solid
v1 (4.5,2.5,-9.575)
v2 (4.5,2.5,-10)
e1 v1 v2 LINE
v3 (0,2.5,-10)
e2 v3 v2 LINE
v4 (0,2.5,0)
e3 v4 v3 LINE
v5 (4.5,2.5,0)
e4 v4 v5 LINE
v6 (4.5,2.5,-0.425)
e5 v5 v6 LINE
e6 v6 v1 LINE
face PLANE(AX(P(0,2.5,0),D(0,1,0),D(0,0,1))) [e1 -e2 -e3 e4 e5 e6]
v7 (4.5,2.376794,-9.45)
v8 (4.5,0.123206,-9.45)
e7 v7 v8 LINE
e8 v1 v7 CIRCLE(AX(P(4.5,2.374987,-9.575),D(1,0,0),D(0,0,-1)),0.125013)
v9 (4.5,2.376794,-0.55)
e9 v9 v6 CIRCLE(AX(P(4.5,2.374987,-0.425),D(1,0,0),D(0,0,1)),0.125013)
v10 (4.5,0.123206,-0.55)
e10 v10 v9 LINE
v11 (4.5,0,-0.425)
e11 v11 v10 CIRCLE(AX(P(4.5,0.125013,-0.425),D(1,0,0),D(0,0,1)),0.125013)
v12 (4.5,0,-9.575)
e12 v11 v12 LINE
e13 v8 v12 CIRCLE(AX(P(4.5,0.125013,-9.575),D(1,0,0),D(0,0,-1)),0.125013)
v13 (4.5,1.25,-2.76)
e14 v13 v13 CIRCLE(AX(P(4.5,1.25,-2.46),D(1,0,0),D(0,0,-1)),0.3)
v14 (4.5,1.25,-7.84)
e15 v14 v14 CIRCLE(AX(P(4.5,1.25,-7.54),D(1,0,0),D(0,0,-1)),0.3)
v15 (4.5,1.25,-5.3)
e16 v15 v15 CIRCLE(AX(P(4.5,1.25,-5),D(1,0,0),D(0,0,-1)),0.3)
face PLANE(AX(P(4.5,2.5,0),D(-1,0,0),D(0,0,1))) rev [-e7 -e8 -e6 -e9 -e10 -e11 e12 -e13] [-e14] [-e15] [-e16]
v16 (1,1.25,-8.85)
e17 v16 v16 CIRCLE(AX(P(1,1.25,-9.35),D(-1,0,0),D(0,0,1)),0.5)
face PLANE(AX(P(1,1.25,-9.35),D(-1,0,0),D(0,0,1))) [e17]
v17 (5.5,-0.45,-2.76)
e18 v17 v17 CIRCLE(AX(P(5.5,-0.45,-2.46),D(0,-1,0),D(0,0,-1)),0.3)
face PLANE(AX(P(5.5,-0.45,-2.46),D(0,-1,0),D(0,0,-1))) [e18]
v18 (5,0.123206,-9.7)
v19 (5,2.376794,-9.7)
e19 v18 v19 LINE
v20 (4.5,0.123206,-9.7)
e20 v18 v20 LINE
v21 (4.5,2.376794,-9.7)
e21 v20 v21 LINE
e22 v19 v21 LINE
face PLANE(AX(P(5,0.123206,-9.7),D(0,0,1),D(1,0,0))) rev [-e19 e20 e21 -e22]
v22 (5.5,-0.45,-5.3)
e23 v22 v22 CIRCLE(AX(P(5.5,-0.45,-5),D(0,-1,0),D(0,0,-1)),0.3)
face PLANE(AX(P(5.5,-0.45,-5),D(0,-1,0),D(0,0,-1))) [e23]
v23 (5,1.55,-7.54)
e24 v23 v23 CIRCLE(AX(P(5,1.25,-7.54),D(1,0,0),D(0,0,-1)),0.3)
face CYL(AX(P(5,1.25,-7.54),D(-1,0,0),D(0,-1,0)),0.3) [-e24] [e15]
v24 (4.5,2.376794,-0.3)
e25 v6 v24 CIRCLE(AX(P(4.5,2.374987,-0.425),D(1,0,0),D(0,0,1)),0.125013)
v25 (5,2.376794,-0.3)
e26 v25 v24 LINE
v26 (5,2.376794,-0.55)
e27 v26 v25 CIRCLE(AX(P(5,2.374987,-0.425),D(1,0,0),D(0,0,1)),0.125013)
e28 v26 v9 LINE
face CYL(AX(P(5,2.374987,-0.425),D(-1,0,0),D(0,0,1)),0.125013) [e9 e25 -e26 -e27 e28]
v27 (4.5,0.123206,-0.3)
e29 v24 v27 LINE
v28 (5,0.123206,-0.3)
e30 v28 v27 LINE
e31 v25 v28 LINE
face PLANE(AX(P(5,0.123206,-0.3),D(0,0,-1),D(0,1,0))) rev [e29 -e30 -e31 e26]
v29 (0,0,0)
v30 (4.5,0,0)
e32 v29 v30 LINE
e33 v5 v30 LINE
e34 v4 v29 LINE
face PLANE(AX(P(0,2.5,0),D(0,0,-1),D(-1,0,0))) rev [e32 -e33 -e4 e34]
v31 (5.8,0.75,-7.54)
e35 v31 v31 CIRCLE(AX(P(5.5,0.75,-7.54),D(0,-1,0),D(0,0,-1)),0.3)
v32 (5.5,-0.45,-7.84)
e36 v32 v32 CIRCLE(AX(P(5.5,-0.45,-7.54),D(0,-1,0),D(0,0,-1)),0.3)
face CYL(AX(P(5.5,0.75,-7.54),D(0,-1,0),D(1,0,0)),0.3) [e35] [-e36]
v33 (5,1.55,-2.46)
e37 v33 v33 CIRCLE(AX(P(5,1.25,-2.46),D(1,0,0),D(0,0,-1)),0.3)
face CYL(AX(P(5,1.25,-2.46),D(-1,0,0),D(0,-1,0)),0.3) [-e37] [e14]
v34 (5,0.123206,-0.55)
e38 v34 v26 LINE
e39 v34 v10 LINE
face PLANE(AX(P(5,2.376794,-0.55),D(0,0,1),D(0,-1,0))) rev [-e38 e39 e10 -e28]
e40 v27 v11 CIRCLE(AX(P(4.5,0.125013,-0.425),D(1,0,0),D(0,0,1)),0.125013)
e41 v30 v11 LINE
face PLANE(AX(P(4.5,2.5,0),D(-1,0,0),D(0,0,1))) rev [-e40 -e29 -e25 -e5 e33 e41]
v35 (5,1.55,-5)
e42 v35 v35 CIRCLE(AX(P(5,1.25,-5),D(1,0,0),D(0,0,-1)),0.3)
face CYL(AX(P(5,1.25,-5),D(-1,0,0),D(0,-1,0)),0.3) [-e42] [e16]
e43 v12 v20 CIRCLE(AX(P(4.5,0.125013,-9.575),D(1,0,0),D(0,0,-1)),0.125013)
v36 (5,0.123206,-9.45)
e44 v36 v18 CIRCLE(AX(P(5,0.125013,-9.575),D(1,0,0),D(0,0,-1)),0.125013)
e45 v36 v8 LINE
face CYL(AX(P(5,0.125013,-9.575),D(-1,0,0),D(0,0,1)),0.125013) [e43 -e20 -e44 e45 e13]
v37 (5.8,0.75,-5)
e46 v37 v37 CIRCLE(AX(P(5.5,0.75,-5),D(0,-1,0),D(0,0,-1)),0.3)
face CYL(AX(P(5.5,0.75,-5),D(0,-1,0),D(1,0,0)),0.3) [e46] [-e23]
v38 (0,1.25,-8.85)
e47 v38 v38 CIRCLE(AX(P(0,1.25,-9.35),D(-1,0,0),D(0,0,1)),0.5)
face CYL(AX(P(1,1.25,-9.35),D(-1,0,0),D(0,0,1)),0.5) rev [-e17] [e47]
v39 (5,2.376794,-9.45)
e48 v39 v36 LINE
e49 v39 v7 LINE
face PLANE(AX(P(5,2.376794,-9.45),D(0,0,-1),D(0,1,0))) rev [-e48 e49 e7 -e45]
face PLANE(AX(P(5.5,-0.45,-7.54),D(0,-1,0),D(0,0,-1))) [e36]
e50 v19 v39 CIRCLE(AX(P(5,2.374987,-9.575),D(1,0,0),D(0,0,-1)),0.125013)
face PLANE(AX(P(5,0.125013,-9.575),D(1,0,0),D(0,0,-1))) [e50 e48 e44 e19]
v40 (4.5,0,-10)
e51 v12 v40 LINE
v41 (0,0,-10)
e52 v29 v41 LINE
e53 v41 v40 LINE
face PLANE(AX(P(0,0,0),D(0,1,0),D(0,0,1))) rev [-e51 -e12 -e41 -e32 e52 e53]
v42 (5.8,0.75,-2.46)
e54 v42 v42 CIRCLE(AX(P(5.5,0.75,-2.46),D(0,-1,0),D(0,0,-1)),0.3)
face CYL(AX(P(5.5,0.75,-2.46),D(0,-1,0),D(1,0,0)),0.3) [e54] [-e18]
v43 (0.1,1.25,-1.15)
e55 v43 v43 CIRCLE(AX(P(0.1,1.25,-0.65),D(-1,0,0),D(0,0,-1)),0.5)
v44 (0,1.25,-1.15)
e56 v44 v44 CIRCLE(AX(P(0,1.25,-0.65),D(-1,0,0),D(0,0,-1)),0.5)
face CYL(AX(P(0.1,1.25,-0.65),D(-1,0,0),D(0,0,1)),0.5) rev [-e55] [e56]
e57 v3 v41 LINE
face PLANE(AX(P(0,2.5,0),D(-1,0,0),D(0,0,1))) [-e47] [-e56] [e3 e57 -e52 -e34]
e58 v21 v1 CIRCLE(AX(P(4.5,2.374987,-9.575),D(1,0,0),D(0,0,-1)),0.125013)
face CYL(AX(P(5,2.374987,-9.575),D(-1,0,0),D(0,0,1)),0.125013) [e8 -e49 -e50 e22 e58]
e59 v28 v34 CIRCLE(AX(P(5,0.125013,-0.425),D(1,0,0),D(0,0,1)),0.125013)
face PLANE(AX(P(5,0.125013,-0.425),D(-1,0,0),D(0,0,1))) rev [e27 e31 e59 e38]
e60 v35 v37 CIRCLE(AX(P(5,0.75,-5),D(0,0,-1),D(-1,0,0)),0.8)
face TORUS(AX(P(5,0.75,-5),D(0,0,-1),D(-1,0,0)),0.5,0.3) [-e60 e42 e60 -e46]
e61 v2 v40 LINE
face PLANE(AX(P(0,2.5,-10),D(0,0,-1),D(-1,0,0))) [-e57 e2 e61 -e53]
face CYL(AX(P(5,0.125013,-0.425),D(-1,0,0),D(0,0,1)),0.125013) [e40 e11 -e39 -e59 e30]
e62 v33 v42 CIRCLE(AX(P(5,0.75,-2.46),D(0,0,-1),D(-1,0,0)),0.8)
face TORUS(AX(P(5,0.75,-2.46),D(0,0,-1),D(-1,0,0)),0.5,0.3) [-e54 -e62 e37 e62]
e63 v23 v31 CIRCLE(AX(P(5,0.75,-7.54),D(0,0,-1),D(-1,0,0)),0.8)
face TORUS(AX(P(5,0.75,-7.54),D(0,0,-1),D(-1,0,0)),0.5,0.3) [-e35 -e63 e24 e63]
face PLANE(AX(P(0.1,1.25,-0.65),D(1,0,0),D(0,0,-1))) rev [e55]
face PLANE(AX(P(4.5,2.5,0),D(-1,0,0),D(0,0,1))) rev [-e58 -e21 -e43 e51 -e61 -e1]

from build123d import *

# Parameters (mm, degrees)
SKETCH1_W          = 4.5
SKETCH1_H          = 10
BODY_SHAPE_DEPTH   = 2.5
SKETCH2_R          = 0.5
OFF_HOLE_DEPTH     = 1
SKETCH3_R          = 0.5
ON_HOLE_DEPTH      = 0.1
BOTTOM_FLAPS_DEPTH = 0.5
SKETCH4_R          = 0.3


with BuildPart() as part:
    # Sketch1 → Body Shape (new body)
    with BuildSketch(Plane(origin=(0, 0, 0), x_dir=(1, 0, 0), z_dir=(0, 1, 0))):
        with Locations((2.25, 5)):
            Rectangle(SKETCH1_W, SKETCH1_H)
    extrude(amount=BODY_SHAPE_DEPTH)

    # Sketch2 → Off Hole (cut)
    with BuildSketch(Plane.ZY):
        with Locations((-9.35, 1.25)):
            Circle(SKETCH2_R)
    extrude(amount=-OFF_HOLE_DEPTH, mode=Mode.SUBTRACT)

    # Sketch3 → On hole (cut)
    with BuildSketch(Plane.ZY):
        with Locations((-0.65, 1.25)):
            Circle(SKETCH3_R)
    extrude(amount=-ON_HOLE_DEPTH, mode=Mode.SUBTRACT)

    # Sketch8 → bottom flaps (add)
    with BuildSketch(Plane(origin=(4.5, 0, 0), x_dir=(0, 0, -1), z_dir=(1, 0, 0))):
        with BuildLine():
            Line((9.7, 0.123206048), (9.7, 2.376793952))
            ThreePointArc((9.7, 2.376793952), (9.575, 2.5), (9.45, 2.376793952))
            Line((9.45, 2.376793952), (9.45, 0.123206048))
            ThreePointArc((9.45, 0.123206048), (9.575, 0), (9.7, 0.123206048))
        make_face()
        with BuildLine():
            Line((0.3, 0.123206048), (0.3, 2.376793952))
            ThreePointArc((0.3, 2.376793952), (0.425, 2.5), (0.55, 2.376793952))
            Line((0.55, 2.376793952), (0.55, 0.123206048))
            ThreePointArc((0.55, 0.123206048), (0.425, 0), (0.3, 0.123206048))
        make_face()
    extrude(amount=BOTTOM_FLAPS_DEPTH)

    # pins: sweep along a path in Sketch9
    with BuildLine(Plane.XY.offset(-7.54)) as pins_path:
        Line((4.5, 1.25), (5, 1.25))
        ThreePointArc((5, 1.25), (5.353553391, 1.103553391), (5.5, 0.75))
        Line((5.5, 0.75), (5.5, -0.45))
    # Sketch4 → pins (sweep)
    with BuildSketch(Plane(origin=(4.5, 0, 0), x_dir=(0, 0, -1), z_dir=(1, 0, 0))):
        with Locations((7.54, 1.25)):
            Circle(SKETCH4_R)
        with Locations((5, 1.25)):
            Circle(SKETCH4_R)
        with Locations((2.46, 1.25)):
            Circle(SKETCH4_R)
    sweep(path=pins_path.line)


solid = part.part
